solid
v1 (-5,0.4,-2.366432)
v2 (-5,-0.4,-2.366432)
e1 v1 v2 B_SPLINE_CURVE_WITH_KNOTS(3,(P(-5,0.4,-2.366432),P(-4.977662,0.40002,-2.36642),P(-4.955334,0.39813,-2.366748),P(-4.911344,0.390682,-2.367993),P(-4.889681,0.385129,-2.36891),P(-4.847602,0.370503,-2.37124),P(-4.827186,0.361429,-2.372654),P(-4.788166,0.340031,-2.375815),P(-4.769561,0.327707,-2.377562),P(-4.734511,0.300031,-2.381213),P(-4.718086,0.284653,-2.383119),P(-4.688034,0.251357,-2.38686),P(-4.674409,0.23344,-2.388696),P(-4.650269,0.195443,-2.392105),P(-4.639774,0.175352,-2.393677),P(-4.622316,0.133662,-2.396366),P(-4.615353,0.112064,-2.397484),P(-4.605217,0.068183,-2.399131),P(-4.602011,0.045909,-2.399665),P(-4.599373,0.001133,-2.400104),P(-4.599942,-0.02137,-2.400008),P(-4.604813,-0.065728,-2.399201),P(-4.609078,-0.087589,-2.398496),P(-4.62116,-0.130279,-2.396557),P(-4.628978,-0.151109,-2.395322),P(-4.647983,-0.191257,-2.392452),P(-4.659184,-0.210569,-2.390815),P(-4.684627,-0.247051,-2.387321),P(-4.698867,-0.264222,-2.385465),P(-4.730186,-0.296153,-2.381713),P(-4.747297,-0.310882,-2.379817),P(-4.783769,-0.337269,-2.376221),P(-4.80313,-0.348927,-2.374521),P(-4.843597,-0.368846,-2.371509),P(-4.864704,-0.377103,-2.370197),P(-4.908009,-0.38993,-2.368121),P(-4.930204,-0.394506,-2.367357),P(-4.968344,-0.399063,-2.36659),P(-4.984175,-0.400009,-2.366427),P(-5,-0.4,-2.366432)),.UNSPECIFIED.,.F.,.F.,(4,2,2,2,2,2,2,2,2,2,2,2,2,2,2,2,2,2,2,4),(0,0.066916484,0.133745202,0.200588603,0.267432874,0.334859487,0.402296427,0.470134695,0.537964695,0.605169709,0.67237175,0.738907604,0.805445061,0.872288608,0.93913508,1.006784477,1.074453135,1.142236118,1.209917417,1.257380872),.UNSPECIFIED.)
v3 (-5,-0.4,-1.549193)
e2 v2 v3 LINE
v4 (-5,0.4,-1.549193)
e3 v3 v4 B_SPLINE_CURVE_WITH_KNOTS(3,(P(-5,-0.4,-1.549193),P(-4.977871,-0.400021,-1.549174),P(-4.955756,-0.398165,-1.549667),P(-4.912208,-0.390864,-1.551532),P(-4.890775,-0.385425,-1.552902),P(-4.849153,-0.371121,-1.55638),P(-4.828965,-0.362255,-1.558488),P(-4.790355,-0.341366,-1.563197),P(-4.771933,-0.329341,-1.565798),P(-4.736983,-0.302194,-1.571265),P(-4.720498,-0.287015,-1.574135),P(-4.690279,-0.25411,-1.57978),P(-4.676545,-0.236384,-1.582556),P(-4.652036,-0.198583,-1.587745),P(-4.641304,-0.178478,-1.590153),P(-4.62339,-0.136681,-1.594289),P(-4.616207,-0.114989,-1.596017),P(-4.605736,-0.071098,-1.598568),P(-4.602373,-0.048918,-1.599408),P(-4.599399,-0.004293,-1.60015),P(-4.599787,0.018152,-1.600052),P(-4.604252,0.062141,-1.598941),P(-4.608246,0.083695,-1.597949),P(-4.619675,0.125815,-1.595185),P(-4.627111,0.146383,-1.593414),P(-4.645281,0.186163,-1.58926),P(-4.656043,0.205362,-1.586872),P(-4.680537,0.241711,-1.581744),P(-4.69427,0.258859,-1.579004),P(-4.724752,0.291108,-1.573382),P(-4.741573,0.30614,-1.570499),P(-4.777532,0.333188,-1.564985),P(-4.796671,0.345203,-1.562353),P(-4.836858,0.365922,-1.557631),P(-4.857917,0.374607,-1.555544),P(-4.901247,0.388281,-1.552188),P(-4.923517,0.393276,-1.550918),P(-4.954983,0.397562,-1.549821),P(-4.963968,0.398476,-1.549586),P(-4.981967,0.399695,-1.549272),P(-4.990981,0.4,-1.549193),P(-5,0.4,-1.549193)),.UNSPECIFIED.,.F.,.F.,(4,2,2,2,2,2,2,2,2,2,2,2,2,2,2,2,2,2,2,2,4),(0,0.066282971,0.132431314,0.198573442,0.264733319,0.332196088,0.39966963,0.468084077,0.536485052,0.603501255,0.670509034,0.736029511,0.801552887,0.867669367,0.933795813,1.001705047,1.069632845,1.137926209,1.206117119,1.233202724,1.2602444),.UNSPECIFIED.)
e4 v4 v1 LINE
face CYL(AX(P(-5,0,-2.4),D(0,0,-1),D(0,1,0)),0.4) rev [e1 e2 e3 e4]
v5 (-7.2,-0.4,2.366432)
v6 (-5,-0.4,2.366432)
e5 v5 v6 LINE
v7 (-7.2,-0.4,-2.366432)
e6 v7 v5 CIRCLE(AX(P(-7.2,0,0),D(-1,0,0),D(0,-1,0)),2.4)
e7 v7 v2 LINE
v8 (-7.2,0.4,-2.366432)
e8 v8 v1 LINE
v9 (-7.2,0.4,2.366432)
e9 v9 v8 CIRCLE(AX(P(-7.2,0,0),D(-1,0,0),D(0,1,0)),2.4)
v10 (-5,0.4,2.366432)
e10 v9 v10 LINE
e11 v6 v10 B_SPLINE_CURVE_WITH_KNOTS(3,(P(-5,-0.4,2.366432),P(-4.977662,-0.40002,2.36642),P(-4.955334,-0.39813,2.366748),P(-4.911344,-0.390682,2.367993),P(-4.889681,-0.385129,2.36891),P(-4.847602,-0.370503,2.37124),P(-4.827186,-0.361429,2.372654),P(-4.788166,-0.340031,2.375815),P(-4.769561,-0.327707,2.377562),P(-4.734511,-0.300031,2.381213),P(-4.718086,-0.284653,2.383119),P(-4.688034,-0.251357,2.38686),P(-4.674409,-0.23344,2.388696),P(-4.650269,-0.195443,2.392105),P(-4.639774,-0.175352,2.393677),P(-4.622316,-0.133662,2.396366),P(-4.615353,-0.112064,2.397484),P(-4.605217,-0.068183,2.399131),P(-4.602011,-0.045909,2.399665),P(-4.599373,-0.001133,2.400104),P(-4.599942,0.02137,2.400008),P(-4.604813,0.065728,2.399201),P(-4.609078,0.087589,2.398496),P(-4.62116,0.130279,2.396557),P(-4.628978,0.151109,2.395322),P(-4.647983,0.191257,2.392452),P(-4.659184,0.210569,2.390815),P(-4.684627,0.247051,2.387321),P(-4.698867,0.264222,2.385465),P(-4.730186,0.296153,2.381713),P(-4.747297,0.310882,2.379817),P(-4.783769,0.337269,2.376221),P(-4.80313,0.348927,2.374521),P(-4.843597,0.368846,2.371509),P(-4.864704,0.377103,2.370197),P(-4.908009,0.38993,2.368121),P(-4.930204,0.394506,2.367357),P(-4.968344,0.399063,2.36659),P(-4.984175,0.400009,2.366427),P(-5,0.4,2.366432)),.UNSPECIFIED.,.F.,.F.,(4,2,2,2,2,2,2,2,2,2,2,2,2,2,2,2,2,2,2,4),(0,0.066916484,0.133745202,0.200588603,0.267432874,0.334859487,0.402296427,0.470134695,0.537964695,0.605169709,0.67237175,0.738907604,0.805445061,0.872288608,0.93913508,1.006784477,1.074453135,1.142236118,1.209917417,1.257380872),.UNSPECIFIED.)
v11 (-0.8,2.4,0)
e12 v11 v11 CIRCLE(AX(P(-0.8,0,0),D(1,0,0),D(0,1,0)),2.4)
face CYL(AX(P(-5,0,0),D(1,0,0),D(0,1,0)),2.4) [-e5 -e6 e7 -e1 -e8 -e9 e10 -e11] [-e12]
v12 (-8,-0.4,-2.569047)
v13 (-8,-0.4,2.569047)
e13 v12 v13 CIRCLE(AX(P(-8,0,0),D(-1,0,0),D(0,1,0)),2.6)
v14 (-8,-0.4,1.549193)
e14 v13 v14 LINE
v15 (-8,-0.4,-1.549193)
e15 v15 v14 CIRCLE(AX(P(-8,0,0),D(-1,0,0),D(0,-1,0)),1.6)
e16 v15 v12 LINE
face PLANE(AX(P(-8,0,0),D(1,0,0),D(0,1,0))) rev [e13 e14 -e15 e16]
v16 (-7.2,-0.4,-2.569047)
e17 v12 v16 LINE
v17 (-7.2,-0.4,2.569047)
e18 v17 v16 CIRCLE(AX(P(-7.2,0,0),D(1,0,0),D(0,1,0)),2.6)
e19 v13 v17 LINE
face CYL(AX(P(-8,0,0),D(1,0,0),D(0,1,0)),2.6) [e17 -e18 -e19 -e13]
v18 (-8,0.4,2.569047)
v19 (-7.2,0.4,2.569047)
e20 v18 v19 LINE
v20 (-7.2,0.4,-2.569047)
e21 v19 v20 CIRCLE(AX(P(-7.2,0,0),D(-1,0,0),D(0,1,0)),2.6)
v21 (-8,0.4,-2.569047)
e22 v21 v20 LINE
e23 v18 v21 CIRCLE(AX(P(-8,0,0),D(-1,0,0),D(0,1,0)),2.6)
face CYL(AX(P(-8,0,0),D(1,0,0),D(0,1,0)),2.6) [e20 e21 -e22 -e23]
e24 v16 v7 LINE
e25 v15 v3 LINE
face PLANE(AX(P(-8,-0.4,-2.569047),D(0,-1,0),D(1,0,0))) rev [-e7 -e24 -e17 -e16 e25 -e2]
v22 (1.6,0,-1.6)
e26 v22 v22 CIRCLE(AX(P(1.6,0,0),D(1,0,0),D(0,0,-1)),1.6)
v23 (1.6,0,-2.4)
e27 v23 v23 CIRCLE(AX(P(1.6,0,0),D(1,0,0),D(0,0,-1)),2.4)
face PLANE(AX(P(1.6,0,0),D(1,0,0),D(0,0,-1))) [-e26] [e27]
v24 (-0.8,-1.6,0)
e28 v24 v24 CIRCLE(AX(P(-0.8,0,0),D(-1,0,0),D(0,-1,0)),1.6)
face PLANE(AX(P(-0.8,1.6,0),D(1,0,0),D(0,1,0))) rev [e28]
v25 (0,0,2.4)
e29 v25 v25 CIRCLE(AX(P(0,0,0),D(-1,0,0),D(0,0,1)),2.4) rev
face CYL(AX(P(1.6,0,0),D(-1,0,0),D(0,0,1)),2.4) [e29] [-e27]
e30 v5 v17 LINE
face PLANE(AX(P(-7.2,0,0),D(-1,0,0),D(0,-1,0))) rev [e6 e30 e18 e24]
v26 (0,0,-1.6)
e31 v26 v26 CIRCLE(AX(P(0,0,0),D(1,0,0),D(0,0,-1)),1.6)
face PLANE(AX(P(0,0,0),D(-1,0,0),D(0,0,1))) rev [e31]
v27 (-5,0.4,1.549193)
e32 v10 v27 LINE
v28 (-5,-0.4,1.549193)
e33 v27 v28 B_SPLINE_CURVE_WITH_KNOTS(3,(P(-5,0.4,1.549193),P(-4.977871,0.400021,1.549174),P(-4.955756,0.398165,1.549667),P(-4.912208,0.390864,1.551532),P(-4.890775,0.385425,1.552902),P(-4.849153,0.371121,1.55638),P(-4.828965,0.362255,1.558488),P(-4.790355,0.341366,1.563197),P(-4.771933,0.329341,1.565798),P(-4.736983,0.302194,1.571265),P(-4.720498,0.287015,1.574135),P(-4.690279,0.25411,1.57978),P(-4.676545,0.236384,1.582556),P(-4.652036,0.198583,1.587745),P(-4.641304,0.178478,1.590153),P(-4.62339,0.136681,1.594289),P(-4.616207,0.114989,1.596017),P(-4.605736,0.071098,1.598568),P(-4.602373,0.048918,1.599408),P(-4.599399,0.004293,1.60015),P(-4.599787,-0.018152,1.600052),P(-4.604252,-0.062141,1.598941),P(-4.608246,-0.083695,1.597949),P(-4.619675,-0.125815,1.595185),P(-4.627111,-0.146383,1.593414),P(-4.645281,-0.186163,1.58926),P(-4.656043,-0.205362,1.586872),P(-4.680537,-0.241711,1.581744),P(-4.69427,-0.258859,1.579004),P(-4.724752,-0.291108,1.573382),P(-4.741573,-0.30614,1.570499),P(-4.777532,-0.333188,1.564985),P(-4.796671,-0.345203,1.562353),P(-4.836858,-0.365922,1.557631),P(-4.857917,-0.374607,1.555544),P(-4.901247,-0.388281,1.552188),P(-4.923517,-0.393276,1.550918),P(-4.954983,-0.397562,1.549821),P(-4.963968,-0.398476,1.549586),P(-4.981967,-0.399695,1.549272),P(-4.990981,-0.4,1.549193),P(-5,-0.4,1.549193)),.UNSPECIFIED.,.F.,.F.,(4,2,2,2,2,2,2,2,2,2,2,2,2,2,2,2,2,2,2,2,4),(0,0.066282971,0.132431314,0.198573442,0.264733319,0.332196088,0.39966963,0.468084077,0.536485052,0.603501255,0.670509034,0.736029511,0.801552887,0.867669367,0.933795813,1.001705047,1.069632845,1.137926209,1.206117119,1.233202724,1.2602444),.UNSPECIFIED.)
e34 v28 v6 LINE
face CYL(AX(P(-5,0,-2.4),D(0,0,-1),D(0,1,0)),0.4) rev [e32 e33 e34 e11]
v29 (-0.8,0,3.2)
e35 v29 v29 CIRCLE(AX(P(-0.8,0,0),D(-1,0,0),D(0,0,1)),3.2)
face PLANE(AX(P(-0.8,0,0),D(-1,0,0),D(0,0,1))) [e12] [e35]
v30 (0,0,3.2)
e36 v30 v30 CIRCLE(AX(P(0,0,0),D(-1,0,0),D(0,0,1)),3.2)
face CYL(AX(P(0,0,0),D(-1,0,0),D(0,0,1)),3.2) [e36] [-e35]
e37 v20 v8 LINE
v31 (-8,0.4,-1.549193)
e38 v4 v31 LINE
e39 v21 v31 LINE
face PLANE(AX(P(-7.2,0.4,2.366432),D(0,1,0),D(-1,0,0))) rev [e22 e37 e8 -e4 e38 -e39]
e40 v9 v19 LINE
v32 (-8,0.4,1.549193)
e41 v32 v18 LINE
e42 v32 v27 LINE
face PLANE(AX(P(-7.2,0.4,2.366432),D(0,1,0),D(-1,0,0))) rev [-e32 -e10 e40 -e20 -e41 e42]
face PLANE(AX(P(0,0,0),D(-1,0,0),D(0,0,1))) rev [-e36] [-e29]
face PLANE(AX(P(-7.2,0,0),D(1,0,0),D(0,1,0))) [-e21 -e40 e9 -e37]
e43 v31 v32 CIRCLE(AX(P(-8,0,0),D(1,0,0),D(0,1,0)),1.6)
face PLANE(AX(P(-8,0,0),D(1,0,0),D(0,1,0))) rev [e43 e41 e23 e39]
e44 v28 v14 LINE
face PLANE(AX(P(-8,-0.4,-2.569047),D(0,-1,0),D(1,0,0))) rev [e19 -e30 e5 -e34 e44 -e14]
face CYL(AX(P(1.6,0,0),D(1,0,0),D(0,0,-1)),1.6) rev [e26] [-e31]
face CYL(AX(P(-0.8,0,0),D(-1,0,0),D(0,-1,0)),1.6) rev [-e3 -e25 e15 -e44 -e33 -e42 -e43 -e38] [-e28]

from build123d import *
from build123d.topology import SkipClean

# Parameters (mm, degrees)
SKETCH1_W                      = 4.2
SKETCH1_H                      = 2.4
F_0_8_0_8_DIAMETER_HOLE1_D     = 0.8
SKETCH6_R                      = 3.2
BOSS_EXTRUDE1_DEPTH            = 0.8
BOSS_EXTRUDE2_DEPTH            = 3
CUT_EXTRUDE1_DEPTH             = 2.2
BOSS_EXTRUDE3_DEPTH            = 2.2
BOSS_EXTRUDE4_DEPTH            = 0.8
BOSS_EXTRUDE5_START            = 1.6
SKETCH11_R                     = 2.4
BOSS_EXTRUDE5_DEPTH            = 1.6
SKETCH16_W                     = 7.2
SKETCH16_H                     = 1.6
F_3_2_3_2_DIAMETER_HOLE1_D     = 3.2
F_3_2_3_2_DIAMETER_HOLE1_DEPTH = 1.6


with BuildPart() as part:
    # Sketch1 → Revolve1 (revolve)
    with BuildSketch(Plane.XY):
        with Locations((-2.9, 1.2)):
            Rectangle(SKETCH1_W, SKETCH1_H)
    revolve(axis=Axis((-5, 0, 0), (1, 0, 0)))

    # Ø0.8 (0.8) Diameter Hole1 (through all)
    with Locations(Plane(origin=(-5, 0, -2.4), x_dir=(0, -1, 0), z_dir=(0, 0, -1))):
        with Locations((0, 0)):
            Hole(F_0_8_0_8_DIAMETER_HOLE1_D / 2)

    # Sketch6 → Boss-Extrude1 (add)
    with BuildSketch(Plane.ZY.offset(0.8)):
        Circle(SKETCH6_R)
    extrude(amount=-BOSS_EXTRUDE1_DEPTH)

    # Sketch7 → Boss-Extrude2 (add)
    with BuildSketch(Plane.ZY.offset(5)):
        with BuildLine():
            Line((-2.569046516, -0.4), (2.569046516, -0.4))
            ThreePointArc((2.569046516, -0.4), (0, -2.6), (-2.569046516, -0.4))
        make_face()
    extrude(amount=BOSS_EXTRUDE2_DEPTH)

    # Sketch8 → Cut-Extrude1 (cut)
    with SkipClean():  # the faces are left unmerged after this step: merging them gives an invalid solid
        with BuildSketch(Plane(origin=(-5, 0, 0), x_dir=(0, 0, -1), z_dir=(1, 0, 0))):
            with BuildLine():
                Line((2.569046516, -0.4), (2.366431913, -0.4))
                ThreePointArc((2.366431913, -0.4), (0, -2.4), (-2.366431913, -0.4))
                Line((-2.366431913, -0.4), (-2.569046516, -0.4))
                ThreePointArc((-2.569046516, -0.4), (0, -2.6), (2.569046516, -0.4))
            make_face()
        extrude(amount=-CUT_EXTRUDE1_DEPTH, mode=Mode.SUBTRACT)

    # Sketch9 → Boss-Extrude3 (add)
    with SkipClean():  # the faces are left unmerged after this step: merging them gives an invalid solid
        with BuildSketch(Plane.ZY.offset(5)):
            with BuildLine():
                Line((2.366431913, 0.4), (-2.366431913, 0.4))
                ThreePointArc((-2.366431913, 0.4), (0, 2.4), (2.366431913, 0.4))
            make_face()
        extrude(amount=BOSS_EXTRUDE3_DEPTH)

    # Sketch10 → Boss-Extrude4 (add)
    with SkipClean():  # the faces are left unmerged after this step: merging them gives an invalid solid
        with BuildSketch(Plane.ZY.offset(7.2)):
            with BuildLine():
                Line((2.569046516, 0.4), (-2.569046516, 0.4))
                ThreePointArc((-2.569046516, 0.4), (0, 2.6), (2.569046516, 0.4))
            make_face()
        extrude(amount=BOSS_EXTRUDE4_DEPTH)

    # Sketch11 → Boss-Extrude5 (add)
    with SkipClean():  # the faces are left unmerged after this step: merging them gives an invalid solid
        with BuildSketch(Plane(origin=(0, 0, 0), x_dir=(0, 0, -1), z_dir=(1, 0, 0)).offset(BOSS_EXTRUDE5_START)):
            with Locations(Location((0, 0, 0), (0, 0, 90))):
                Circle(SKETCH11_R)
        extrude(amount=-BOSS_EXTRUDE5_DEPTH)

    # Sketch16 → Cut-Revolve1 (revolve, cut)
    with SkipClean():  # the faces are left unmerged after this step: merging them gives an invalid solid
        with BuildSketch(Plane(origin=(0, 0, 0), x_dir=(-1, 0, 0), z_dir=(0, 0, -1)), mode=Mode.PRIVATE) as cut_revolve1_sk:
            with Locations((4.4, 0.8)):
                Rectangle(SKETCH16_W, SKETCH16_H)
        revolve(cut_revolve1_sk.sketch.rotate(Axis((-0.8, 0, 0), (-1, 0, 0)), 270), axis=Axis((-0.8, 0, 0), (-1, 0, 0)), mode=Mode.SUBTRACT)

    # Ø3.2 (3.2) Diameter Hole1
    with Locations(Plane(origin=(1.6, 0, 0), x_dir=(0, 0, -1), z_dir=(1, 0, 0))):
        with Locations((0, 0)):
            Hole(F_3_2_3_2_DIAMETER_HOLE1_D / 2, depth=F_3_2_3_2_DIAMETER_HOLE1_DEPTH)


solid = part.part
